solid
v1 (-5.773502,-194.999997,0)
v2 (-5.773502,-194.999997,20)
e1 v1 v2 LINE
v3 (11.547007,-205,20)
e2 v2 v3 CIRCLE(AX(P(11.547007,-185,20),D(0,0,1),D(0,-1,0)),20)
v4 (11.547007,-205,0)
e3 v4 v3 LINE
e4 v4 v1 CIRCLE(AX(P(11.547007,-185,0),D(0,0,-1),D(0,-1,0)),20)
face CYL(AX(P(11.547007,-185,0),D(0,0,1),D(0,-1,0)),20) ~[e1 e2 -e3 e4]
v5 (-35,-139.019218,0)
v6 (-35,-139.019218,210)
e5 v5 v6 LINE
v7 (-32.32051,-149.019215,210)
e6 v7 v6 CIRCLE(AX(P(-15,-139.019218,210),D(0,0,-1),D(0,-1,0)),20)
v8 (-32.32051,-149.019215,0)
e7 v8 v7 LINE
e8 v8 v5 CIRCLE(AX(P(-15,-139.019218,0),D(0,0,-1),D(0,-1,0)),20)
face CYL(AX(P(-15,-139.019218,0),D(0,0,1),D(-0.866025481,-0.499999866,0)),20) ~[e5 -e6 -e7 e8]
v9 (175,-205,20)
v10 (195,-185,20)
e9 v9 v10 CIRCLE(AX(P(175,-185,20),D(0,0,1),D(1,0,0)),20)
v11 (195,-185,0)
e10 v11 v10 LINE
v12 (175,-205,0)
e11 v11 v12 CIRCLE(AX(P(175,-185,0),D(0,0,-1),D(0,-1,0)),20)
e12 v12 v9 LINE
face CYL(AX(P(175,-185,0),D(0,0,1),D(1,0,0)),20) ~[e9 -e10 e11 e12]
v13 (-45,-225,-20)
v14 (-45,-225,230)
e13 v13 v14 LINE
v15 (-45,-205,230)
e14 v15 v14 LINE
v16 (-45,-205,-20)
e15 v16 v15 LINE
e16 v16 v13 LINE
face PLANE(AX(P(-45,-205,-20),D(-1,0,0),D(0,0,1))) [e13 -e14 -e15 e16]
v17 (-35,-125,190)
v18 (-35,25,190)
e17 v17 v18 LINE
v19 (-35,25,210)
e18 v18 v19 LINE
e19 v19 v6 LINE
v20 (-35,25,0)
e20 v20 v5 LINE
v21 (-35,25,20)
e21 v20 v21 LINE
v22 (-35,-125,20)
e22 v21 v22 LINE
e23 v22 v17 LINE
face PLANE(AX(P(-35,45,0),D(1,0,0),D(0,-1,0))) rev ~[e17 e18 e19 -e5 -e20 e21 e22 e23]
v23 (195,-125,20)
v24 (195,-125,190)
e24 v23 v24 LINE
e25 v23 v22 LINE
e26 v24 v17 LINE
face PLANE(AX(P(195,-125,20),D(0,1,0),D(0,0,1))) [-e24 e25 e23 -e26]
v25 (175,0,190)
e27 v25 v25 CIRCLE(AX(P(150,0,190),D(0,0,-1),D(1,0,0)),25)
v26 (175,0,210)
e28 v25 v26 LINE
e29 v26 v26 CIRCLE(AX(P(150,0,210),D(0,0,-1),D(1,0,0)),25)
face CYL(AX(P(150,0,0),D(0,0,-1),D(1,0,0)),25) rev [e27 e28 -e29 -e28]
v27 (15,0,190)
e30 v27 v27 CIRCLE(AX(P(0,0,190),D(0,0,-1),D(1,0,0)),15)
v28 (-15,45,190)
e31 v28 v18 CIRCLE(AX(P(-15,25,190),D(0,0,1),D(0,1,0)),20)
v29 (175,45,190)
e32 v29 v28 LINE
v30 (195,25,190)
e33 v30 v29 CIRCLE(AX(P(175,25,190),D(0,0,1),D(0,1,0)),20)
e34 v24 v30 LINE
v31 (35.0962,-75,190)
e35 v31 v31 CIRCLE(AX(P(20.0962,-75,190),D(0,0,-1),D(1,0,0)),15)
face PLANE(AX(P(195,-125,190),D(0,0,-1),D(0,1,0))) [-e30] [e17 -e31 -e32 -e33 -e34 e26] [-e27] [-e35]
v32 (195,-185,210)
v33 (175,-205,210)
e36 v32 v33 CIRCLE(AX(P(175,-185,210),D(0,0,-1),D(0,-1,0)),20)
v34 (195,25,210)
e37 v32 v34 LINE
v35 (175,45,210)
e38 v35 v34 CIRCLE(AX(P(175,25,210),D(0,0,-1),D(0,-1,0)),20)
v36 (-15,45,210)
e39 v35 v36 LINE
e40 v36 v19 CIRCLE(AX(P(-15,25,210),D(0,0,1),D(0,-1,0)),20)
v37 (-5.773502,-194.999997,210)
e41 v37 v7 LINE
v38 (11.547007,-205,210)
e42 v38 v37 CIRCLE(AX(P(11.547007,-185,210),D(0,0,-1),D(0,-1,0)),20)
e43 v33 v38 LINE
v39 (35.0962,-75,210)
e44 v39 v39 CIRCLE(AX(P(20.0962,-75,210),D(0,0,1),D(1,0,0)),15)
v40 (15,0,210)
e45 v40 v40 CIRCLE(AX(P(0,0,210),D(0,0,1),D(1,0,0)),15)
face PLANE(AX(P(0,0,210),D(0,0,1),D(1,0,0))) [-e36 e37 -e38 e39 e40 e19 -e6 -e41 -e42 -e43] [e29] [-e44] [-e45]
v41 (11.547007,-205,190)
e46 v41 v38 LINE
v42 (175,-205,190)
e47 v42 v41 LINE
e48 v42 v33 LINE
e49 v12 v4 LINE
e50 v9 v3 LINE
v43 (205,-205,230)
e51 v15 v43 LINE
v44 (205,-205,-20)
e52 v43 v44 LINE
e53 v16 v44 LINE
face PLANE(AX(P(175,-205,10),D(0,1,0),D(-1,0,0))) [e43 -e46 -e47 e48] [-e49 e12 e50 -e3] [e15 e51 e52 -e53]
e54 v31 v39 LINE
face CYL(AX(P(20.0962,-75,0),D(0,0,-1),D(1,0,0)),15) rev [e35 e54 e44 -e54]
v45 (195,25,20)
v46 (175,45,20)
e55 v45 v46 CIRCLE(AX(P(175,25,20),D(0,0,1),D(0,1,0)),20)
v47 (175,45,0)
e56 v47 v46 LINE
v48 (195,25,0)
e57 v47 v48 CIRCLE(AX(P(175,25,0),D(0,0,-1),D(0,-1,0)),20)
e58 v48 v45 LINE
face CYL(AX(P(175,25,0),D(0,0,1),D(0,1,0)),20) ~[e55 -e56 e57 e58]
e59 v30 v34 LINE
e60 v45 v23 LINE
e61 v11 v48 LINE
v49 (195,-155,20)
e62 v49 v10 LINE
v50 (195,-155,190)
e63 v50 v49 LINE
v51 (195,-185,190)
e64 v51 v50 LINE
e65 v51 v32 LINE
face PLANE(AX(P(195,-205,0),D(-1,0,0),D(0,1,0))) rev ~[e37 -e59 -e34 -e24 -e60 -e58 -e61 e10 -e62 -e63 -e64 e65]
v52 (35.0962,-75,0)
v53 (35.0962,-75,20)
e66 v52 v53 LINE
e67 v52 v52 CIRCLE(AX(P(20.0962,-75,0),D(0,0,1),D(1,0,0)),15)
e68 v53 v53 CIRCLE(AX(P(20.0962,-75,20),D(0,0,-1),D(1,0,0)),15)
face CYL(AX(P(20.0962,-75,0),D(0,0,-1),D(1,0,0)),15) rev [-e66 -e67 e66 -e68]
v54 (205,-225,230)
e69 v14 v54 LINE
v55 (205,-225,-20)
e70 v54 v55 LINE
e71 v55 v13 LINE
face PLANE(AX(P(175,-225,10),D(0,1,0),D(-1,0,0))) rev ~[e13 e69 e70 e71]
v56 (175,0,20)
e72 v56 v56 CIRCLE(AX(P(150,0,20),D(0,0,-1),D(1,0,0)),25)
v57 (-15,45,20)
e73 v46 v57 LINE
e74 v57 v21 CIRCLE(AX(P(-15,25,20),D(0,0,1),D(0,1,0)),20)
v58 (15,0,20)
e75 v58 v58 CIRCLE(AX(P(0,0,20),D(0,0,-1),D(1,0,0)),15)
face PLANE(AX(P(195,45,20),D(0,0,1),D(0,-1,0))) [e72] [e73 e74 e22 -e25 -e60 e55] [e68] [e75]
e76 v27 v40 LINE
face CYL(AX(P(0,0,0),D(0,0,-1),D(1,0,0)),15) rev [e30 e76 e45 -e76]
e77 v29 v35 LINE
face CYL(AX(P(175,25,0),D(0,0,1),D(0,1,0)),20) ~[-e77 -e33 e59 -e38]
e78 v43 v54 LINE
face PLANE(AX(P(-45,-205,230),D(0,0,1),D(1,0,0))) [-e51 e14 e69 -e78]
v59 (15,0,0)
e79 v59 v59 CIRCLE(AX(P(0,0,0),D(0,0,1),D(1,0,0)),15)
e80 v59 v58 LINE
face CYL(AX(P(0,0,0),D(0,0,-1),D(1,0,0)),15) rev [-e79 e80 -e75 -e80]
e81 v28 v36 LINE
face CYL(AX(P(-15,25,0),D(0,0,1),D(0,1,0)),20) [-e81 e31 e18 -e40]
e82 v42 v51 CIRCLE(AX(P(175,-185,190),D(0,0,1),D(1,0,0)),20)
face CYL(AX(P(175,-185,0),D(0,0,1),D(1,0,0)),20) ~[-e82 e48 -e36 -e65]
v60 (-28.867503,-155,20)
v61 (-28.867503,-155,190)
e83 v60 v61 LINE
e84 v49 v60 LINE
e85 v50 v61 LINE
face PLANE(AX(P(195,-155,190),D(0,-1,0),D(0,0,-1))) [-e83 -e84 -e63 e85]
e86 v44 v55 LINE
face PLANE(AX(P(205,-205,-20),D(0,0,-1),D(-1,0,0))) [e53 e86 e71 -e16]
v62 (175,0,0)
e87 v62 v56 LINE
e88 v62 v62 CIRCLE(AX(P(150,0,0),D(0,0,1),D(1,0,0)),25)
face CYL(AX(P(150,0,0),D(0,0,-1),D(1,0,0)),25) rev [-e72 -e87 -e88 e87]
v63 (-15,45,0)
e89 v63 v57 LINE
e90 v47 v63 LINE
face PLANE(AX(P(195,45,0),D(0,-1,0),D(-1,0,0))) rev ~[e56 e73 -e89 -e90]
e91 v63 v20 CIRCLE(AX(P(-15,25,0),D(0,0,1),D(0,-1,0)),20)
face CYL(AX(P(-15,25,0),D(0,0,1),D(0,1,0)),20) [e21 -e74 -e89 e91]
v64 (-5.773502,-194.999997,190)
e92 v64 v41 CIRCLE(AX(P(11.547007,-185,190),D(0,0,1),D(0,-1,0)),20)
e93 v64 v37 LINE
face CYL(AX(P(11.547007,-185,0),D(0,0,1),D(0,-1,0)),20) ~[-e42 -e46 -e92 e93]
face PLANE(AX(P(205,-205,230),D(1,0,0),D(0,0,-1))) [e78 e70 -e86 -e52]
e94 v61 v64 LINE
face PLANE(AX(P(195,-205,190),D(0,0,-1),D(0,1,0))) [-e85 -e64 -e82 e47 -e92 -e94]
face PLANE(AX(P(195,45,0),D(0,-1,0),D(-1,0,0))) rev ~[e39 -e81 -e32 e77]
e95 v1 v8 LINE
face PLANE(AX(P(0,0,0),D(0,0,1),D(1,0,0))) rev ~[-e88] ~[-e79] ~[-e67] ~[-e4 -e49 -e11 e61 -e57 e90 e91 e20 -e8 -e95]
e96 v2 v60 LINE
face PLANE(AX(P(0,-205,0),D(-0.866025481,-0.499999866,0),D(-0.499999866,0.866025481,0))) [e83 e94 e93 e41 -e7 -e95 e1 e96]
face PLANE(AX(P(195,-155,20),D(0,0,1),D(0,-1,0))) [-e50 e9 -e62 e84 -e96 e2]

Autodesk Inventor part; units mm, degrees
ref_plane "YZ Plane" through (0, 0, 0) normal (1, 0, 0) x (0, 1, 0)
ref_plane "XY Plane" through (0, 0, 0) normal (0, 0, 1) x (1, 0, 0)
sketch "Sketch1" plane through (0, 0, 0) normal (0, 0, 1) x (1, 0, 0)
  circle A0 centre (0, 0) radius 15
  circle A1 centre (150, 0) radius 25
  line L0 (-35, 45) -> (-35, -144.3782)
  circle A2 centre (20.0962, -75) radius 15
  line L1 (195, 45) -> (-35, 45)
  line L2 (195, -205) -> (0, -205)
  line L3 (195, -205) -> (195, 45)
  line L4 (0, -205) -> (-35, -144.3782)
  line L5 (0, -205) -> (70, -205) construction
  dimension "d0" = 230
  dimension "d1" = 120
extrude "Extrusion1" add sketch "Sketch1" along normal blind 210
fillet "Fillet1" radius 20 1 edges at (195, 45, 105)
fillet "Fillet2" radius 20 1 edges at (195, -205, 105)
fillet "Fillet3" radius 20 3 edges at (0, -205, 105) (-35, -144.3782, 105) (-35, 45, 105)
sketch "Sketch3" plane through (195, 25, 210) normal (1, 0, 0) x (0, 0, -1)
  line L0 (0, -210) -> (0, 0) projected
  line L1 (0, 20) -> (0, -230)
  line L2 (0, -230) -> (20, -230)
  line L3 (20, -230) -> (20, -180)
  line L4 (20, -180) -> (190, -180)
  line L5 (190, -180) -> (190, -230)
  line L6 (190, -230) -> (210, -230)
  line L7 (210, -230) -> (210, 20)
  line L8 (210, 20) -> (190, 20)
  line L9 (190, 20) -> (190, -150)
  line L10 (190, -150) -> (20, -150)
  line L11 (20, -150) -> (20, 20)
  line L12 (20, 20) -> (0, 20)
  point P0 (210, -25)
  dimension "d17" = 250
  dimension "d18" = 20
  dimension "d19" = 50
  dimension "d20" = 170
  dimension "d21" = 170
extrude "Extrusion3" cut sketch "Sketch3" against normal blind 230 keep common part
ref_plane "Work Plane1" through (175, -205, 10) normal (0, 1, 0) x (-1, 0, 0)
sketch "Sketch4" plane through (175, -205, 10) normal (0, 1, 0) x (-1, 0, 0)
  line L0 (210, -30) -> (220, -30)
  line L1 (220, -30) -> (220, 220)
  line L2 (220, 220) -> (-30, 220)
  line L3 (-30, 220) -> (-30, -30)
  line L4 (-30, -30) -> (210, -30)
  point P0 (175, -10)
  dimension "d25" = 10
  dimension "d26" = 250
  dimension "d27" = 250
  dimension "d28" = 250
extrude "Extrusion4" add sketch "Sketch4" against normal blind 20
properties part number "kepala 1 revisi"
